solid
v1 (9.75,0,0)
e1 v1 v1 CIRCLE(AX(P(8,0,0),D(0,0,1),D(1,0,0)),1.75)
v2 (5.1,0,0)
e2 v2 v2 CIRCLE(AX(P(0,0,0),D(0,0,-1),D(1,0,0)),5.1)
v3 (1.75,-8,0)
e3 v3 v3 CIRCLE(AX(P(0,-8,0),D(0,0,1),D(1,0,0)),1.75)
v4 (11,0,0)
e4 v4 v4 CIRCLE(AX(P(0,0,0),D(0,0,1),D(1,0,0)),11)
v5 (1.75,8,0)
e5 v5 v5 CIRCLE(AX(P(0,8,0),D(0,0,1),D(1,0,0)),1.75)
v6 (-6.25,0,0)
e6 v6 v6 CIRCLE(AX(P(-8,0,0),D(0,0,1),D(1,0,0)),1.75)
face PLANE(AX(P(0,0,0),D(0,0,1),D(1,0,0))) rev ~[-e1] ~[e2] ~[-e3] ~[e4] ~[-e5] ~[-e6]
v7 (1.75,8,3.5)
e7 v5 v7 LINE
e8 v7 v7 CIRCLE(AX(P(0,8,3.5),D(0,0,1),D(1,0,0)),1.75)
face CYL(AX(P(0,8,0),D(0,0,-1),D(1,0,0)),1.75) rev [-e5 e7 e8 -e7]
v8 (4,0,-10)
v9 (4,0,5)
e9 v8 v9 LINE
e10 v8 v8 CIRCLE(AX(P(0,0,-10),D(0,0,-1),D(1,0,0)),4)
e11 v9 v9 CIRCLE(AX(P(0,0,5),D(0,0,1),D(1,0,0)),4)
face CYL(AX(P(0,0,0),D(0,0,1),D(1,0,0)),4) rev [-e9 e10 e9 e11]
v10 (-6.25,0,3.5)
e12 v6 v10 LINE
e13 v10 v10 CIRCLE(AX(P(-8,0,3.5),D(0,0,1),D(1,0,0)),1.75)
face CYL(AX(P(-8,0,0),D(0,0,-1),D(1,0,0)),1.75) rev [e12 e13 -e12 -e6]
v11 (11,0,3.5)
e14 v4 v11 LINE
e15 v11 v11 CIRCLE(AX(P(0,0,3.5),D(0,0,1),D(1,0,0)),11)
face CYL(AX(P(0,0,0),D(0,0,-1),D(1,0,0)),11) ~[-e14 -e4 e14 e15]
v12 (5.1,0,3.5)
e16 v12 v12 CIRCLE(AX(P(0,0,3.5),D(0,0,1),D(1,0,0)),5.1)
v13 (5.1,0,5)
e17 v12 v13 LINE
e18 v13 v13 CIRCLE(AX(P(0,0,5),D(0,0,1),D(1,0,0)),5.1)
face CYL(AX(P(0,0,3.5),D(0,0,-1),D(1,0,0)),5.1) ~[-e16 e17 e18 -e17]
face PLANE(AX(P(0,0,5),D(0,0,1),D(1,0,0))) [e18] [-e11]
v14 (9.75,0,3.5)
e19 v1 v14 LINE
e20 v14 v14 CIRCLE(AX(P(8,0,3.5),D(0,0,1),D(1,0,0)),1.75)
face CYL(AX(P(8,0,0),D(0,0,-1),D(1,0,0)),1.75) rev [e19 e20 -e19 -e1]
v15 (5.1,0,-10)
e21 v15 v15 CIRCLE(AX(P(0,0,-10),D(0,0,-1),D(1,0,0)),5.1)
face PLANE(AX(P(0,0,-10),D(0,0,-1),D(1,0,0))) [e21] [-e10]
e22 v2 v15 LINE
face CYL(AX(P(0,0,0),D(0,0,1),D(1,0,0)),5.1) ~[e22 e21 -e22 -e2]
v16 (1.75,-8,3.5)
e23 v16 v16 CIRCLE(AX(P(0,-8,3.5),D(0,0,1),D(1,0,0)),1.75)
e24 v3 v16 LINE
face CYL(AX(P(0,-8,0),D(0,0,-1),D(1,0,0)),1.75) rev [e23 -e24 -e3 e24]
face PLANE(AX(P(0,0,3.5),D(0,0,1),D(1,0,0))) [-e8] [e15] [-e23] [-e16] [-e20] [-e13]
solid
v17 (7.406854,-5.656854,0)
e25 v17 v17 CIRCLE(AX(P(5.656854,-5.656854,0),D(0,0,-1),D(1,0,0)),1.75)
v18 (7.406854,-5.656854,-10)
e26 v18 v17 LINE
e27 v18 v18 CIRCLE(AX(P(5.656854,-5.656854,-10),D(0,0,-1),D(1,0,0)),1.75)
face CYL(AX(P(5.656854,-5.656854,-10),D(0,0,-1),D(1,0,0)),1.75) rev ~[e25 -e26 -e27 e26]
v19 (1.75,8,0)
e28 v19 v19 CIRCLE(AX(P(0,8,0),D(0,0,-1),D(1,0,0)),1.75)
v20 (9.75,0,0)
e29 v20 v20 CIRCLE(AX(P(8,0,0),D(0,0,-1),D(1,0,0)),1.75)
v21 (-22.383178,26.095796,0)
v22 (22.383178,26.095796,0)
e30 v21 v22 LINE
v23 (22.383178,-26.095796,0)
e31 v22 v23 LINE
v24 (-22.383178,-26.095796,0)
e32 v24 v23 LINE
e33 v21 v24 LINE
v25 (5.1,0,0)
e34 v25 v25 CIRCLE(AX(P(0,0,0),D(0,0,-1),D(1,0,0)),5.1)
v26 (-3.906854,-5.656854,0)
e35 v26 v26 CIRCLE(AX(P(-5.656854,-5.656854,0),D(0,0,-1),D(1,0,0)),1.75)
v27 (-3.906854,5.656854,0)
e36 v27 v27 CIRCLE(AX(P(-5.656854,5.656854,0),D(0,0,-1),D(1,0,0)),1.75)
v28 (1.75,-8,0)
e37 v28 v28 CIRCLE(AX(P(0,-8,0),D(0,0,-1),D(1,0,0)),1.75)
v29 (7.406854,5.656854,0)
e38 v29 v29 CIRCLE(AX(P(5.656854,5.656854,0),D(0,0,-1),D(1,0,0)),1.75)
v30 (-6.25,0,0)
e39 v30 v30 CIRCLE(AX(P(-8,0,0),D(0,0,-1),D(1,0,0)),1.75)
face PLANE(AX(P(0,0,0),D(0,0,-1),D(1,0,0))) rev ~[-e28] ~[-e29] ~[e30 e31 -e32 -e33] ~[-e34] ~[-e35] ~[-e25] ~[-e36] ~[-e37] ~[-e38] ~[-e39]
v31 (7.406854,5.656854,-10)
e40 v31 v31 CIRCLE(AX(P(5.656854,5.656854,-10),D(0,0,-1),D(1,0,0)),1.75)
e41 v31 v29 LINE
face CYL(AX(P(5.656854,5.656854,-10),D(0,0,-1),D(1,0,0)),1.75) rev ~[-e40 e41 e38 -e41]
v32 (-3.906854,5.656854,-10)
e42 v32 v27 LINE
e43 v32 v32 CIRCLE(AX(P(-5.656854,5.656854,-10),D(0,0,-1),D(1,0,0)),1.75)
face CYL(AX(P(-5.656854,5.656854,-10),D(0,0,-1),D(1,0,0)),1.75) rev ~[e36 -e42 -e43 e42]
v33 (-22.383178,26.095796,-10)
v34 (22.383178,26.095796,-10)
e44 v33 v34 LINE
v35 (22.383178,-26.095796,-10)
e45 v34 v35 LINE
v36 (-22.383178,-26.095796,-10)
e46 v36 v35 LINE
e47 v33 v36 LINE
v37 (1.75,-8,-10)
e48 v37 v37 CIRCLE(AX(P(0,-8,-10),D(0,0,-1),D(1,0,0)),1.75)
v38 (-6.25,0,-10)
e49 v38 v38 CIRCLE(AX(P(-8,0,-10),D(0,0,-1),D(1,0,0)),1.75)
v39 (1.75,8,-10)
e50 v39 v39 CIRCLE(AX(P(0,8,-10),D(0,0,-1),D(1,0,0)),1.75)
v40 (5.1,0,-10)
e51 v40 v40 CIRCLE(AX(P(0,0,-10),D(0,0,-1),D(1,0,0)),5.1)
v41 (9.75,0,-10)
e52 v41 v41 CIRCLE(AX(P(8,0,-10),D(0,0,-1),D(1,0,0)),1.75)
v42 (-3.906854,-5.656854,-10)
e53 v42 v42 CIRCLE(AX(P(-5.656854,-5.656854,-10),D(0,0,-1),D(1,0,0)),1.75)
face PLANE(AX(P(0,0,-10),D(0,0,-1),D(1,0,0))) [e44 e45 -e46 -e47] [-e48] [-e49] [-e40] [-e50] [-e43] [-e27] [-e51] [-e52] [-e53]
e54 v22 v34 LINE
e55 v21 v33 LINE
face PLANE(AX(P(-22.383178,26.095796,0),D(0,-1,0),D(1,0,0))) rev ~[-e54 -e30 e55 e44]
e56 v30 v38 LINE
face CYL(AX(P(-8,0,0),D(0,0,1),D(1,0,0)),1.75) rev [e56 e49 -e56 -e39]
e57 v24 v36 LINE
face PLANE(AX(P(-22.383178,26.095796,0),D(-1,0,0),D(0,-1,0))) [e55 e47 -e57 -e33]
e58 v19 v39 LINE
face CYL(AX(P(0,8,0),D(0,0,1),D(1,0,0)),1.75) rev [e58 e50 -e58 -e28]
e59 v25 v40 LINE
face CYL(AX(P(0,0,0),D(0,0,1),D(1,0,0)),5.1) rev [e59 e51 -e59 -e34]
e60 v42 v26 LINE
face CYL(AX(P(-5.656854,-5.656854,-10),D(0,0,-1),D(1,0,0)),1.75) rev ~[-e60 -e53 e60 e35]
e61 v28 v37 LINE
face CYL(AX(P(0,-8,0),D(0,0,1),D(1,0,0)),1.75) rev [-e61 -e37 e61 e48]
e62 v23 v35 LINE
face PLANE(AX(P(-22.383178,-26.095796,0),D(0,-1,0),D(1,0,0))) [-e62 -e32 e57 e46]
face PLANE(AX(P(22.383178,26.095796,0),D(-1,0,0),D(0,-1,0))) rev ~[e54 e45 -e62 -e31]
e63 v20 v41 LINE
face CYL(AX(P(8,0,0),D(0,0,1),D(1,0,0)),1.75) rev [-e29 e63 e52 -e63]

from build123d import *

# Parameters (mm, degrees)
F0_R     = 11
F0_R_2   = 1.75
F0_R_3   = 4
F1_DEPTH = 3.5
F2_R     = 5.1
F2_R_2   = 4
F3_DEPTH = 1.5
F4_R     = 5.1
F4_R_2   = 4
F5_DEPTH = 10
F6_W     = 44.766356
F6_H     = 52.191592
F6_R     = 1.75
F6_R_2   = 5.1
F7_DEPTH = 10
F8_R     = 1.75
F9_DEPTH = 10


with BuildPart() as f1:
    # F0 (on Top) → F1 (new body)
    with BuildSketch(Plane.XY):
        Circle(F0_R)
        with Locations((0, -8)):
            Circle(F0_R_2, mode=Mode.SUBTRACT)
        with Locations((-8, 0)):
            Circle(F0_R_2, mode=Mode.SUBTRACT)
        Circle(F0_R_3, mode=Mode.SUBTRACT)
        with Locations((8, 0)):
            Circle(F0_R_2, mode=Mode.SUBTRACT)
        with Locations((0, 8)):
            Circle(F0_R_2, mode=Mode.SUBTRACT)
    extrude(amount=F1_DEPTH)

    # F2 (on face) → F3 (join)
    with BuildSketch(Plane.XY.offset(3.5)):
        Circle(F2_R)
        Circle(F2_R_2, mode=Mode.SUBTRACT)
    extrude(amount=F3_DEPTH)

    # F4 (on face) → F5 (join)
    with BuildSketch(Plane(origin=(0, 0, 0), x_dir=(1, 0, 0), z_dir=(0, 0, -1))):
        Circle(F4_R)
        Circle(F4_R_2, mode=Mode.SUBTRACT)
    extrude(amount=F5_DEPTH)


with BuildPart() as f7:
    # F6 (on face) → F7 (new body)
    with BuildSketch(Plane(origin=(0, 0, 0), x_dir=(1, 0, 0), z_dir=(0, 0, -1))):
        Rectangle(F6_W, F6_H)
        with Locations((0, -8)):
            Circle(F6_R, mode=Mode.SUBTRACT)
        with Locations((-8, 0)):
            Circle(F6_R, mode=Mode.SUBTRACT)
        Circle(F6_R_2, mode=Mode.SUBTRACT)
        with Locations((8, 0)):
            Circle(F6_R, mode=Mode.SUBTRACT)
        with Locations((0, 8)):
            Circle(F6_R, mode=Mode.SUBTRACT)
    extrude(amount=F7_DEPTH)

    # F8 (on face) → F9 (cut)
    with BuildSketch(Plane(origin=(0, 0, -10), x_dir=(1, 0, 0), z_dir=(0, 0, -1))):
        with Locations((-5.656854, 5.656854)):
            Circle(F8_R)
        with Locations((5.656854, 5.656854)):
            Circle(F8_R)
        with Locations((5.656854, -5.656854)):
            Circle(F8_R)
        with Locations((-5.656854, -5.656854)):
            Circle(F8_R)
    extrude(amount=-F9_DEPTH, mode=Mode.SUBTRACT)


solid = Compound([f1.part, f7.part])
